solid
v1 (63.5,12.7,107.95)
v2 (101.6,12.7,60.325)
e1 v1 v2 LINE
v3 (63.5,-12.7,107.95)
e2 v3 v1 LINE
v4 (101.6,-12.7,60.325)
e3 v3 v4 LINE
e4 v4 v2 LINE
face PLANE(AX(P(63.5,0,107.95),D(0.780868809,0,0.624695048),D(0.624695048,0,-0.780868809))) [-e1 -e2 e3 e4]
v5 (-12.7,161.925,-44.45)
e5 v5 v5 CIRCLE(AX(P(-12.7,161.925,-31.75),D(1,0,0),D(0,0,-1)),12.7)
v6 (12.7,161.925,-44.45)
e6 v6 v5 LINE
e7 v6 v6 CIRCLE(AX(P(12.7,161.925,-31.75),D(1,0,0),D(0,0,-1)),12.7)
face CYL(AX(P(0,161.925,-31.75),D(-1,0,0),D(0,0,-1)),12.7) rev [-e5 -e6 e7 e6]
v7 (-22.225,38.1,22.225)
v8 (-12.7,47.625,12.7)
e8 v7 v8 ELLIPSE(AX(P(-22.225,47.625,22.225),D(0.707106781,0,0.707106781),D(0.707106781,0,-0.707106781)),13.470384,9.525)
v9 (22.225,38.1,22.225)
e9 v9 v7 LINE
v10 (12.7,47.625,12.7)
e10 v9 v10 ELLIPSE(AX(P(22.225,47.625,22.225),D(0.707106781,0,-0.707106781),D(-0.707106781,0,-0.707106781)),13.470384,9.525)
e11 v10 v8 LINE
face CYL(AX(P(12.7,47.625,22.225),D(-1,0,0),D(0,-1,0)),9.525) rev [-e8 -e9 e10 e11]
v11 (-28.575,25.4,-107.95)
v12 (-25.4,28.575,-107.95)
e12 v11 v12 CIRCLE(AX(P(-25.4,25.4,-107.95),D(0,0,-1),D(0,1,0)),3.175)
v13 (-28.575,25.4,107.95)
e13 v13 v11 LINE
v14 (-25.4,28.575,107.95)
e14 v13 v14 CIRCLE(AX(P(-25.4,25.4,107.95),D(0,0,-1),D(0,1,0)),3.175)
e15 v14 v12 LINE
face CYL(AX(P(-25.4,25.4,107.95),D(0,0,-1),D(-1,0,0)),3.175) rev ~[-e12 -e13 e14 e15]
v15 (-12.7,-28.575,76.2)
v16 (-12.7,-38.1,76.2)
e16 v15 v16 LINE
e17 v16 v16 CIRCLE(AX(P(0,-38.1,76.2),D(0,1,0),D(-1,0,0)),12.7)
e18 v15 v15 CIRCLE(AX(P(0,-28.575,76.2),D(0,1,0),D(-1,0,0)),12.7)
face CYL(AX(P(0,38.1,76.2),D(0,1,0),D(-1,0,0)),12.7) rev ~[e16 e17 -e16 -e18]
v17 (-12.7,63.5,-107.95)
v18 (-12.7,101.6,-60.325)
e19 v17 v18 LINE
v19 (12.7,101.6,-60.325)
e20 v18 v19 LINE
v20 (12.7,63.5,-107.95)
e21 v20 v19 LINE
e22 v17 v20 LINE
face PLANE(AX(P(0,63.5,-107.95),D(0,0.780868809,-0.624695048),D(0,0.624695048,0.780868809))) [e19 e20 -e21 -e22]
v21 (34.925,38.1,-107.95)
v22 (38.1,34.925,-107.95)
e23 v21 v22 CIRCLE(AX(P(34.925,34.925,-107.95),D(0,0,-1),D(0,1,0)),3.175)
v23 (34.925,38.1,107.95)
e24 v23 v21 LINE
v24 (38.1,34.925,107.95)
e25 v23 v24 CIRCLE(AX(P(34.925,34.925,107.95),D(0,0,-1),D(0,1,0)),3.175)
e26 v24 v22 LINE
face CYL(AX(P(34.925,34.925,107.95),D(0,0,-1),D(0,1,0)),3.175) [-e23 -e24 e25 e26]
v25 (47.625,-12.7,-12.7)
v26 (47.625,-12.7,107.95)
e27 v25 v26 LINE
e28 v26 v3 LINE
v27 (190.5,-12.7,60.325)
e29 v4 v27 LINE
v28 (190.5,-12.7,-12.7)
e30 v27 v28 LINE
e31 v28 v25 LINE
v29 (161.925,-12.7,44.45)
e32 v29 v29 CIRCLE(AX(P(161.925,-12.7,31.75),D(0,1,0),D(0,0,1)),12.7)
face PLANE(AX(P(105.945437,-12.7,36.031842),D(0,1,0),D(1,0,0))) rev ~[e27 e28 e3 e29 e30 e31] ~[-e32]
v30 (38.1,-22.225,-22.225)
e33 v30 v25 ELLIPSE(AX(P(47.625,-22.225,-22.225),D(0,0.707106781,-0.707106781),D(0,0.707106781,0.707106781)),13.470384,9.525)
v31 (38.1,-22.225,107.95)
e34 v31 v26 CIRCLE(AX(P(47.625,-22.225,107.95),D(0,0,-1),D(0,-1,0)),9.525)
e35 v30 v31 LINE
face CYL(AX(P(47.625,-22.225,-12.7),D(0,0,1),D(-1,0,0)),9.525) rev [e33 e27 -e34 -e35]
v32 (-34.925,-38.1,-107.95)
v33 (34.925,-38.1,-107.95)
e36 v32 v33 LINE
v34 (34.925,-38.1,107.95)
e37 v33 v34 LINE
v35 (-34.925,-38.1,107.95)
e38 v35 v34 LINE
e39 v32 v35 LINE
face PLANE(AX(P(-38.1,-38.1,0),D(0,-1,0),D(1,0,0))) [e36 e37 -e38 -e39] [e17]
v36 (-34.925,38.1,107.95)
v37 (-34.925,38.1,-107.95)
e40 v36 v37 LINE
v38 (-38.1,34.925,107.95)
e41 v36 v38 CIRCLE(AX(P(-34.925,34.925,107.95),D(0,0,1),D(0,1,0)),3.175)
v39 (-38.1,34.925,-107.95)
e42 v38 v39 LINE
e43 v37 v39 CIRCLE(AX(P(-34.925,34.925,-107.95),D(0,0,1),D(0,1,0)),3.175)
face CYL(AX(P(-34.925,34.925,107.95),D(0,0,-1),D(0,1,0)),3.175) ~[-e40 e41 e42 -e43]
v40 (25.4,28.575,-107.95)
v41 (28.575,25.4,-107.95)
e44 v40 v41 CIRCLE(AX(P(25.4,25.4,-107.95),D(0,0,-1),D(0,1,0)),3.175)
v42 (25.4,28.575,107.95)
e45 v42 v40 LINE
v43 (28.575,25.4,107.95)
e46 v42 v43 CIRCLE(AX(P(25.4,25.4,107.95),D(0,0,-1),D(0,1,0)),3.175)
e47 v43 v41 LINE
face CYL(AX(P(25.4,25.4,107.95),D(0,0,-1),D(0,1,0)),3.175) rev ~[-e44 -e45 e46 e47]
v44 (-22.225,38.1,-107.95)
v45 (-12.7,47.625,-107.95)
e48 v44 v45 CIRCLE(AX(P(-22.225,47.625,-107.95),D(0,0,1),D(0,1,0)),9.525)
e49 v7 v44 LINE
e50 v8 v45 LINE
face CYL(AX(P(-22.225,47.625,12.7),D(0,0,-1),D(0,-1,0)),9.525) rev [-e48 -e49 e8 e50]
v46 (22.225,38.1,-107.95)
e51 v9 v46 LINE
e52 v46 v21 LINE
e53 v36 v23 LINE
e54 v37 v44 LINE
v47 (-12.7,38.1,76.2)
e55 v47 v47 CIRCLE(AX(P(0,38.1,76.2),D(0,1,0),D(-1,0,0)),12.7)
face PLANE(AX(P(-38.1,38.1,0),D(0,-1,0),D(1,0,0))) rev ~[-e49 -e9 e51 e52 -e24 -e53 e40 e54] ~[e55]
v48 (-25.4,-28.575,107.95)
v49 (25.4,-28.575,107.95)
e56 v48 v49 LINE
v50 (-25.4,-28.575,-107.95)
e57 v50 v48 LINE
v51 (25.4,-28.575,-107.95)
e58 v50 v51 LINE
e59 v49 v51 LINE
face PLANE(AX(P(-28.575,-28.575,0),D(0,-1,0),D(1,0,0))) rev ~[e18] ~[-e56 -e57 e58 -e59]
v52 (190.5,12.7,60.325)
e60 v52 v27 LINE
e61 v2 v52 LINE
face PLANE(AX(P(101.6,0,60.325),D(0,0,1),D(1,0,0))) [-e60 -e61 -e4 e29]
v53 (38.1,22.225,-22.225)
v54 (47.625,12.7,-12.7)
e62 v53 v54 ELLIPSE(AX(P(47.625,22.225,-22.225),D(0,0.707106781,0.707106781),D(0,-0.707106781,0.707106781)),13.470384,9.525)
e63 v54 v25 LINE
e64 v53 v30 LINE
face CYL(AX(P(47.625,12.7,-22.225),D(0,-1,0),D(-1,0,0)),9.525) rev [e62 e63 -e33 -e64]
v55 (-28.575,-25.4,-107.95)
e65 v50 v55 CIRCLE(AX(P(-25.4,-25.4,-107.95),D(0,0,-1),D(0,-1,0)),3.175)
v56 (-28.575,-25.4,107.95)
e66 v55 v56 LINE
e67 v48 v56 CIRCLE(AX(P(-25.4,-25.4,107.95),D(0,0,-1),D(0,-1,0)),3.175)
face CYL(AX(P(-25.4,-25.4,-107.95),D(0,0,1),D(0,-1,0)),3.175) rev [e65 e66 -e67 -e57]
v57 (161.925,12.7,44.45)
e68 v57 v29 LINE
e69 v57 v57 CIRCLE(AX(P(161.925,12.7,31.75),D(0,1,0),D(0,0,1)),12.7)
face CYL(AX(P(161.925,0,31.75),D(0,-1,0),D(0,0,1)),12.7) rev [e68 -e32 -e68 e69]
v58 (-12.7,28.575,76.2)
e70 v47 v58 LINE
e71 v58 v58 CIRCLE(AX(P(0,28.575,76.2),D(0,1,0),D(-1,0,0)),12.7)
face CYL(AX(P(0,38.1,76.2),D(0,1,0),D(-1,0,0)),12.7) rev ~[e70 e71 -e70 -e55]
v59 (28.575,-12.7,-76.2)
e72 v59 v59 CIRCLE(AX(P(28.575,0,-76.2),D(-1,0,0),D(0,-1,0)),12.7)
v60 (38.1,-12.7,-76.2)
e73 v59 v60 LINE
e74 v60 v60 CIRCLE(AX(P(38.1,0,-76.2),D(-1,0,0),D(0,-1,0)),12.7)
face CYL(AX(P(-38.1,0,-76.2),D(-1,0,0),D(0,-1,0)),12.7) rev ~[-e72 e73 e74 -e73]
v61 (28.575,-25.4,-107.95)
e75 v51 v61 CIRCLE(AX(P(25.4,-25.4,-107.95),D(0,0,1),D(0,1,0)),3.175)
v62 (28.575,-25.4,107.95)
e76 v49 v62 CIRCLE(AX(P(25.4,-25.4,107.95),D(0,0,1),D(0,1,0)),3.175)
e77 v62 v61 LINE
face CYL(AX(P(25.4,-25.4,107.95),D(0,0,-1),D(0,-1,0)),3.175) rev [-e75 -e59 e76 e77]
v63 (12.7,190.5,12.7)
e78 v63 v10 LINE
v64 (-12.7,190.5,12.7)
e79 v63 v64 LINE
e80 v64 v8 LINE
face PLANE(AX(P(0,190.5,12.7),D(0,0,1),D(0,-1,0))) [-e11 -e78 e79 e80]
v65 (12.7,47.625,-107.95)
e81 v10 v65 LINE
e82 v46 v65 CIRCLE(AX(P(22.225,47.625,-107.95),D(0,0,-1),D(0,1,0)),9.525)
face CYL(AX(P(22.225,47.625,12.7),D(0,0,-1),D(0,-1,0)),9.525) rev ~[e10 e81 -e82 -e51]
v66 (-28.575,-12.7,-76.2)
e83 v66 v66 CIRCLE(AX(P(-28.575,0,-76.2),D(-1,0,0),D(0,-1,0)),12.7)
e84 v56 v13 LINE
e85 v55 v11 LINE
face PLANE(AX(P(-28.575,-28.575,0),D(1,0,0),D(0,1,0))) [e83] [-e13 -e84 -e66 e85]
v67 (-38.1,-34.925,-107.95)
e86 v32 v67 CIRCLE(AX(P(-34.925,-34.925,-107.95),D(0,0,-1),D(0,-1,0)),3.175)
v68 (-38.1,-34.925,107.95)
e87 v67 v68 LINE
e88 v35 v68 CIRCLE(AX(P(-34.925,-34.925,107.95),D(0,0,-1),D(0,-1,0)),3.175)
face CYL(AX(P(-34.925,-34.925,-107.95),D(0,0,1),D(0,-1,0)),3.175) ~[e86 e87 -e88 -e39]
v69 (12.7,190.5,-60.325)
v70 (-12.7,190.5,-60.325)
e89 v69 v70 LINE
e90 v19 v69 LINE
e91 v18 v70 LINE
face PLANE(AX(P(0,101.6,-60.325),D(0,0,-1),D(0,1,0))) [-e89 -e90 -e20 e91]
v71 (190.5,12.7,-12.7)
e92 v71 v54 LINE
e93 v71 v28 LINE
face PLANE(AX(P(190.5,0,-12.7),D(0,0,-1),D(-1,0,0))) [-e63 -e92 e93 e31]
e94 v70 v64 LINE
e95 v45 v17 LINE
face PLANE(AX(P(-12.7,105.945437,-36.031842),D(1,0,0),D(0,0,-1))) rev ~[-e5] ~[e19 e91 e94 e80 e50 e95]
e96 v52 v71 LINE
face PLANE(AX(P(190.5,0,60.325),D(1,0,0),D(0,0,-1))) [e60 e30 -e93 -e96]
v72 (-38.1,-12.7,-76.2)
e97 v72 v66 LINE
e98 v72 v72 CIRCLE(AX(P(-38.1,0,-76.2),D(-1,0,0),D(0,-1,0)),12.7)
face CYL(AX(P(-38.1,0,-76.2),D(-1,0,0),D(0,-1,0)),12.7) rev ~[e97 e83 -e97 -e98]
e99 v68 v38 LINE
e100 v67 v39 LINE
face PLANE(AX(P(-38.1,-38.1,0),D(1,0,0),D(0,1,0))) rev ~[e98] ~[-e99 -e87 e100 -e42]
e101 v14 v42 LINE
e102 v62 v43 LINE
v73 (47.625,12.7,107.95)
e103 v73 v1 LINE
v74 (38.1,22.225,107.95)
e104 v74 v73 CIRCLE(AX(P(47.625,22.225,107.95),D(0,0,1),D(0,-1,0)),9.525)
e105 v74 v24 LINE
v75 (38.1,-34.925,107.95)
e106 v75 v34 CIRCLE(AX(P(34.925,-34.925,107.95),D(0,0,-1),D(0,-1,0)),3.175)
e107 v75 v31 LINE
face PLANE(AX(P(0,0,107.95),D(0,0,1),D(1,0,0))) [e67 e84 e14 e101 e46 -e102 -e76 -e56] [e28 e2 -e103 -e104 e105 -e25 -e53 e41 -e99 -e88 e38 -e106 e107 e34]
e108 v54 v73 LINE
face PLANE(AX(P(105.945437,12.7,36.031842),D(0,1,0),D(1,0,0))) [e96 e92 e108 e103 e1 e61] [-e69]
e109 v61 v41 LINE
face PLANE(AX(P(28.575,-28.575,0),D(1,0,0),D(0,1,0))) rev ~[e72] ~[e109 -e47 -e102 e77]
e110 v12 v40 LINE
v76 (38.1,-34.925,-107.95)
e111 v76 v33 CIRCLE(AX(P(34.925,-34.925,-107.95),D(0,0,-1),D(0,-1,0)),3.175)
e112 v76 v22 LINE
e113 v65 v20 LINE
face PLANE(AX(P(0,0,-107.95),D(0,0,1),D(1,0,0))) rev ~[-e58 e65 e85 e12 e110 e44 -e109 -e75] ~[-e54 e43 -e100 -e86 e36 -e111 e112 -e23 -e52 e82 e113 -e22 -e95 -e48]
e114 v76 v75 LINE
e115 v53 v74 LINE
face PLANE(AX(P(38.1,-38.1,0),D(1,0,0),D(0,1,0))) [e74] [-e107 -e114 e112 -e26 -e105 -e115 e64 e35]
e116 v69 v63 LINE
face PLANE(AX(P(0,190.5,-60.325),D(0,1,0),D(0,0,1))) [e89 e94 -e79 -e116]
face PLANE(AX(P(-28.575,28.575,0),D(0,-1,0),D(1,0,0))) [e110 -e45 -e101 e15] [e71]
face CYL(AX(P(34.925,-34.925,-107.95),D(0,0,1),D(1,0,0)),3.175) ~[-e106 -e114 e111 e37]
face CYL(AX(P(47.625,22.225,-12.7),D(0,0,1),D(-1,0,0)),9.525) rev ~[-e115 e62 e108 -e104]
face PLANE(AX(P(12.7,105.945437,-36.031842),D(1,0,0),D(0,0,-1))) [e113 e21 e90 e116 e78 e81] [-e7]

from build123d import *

# Parameters (mm, degrees)
SKETCH1_W          = 76.2
SKETCH1_H          = 76.2
SKETCH1_W_2        = 57.15
SKETCH1_H_2        = 57.15
EXTRUDE1_DEPTH     = 107.95
SKETCH2_R          = 12.7
CUT_EXTRUDE1_DEPTH = 138.518189706
SKETCH3_R          = 12.7
CUT_EXTRUDE2_DEPTH = 138.518189706
SKETCH4_R          = 12.7
EXTRUDE2_DEPTH     = 12.7
SKETCH5_R          = 12.7
EXTRUDE3_DEPTH     = 12.7
FILLET1_R          = 9.525
FILLET2_R          = 3.175


with BuildPart() as part:
    # Sketch1 → Extrude1 (new, symmetric)
    with BuildSketch(Plane.XY):
        Rectangle(SKETCH1_W, SKETCH1_H)
        Rectangle(SKETCH1_W_2, SKETCH1_H_2, mode=Mode.SUBTRACT)
    extrude(amount=EXTRUDE1_DEPTH, both=True)

    # Sketch2 → Cut-Extrude1 (cut, through all)
    with BuildSketch(Plane(origin=(0, 38.1, 0), x_dir=(-1, 0, 0), z_dir=(0, 1, 0))):
        with Locations((0, 76.2)):
            Circle(SKETCH2_R)
    extrude(amount=-CUT_EXTRUDE1_DEPTH, mode=Mode.SUBTRACT)

    # Sketch3 → Cut-Extrude2 (cut, through all)
    with BuildSketch(Plane.ZY.offset(38.1)):
        with Locations(Location((-76.2, 0, 0), (0, 0, 270))):
            Circle(SKETCH3_R)
    extrude(amount=-CUT_EXTRUDE2_DEPTH, mode=Mode.SUBTRACT)

    # Sketch4 → Extrude2 (add, symmetric)
    with BuildSketch(Plane(origin=(0, 0, 0), x_dir=(0, 0, -1), z_dir=(1, 0, 0))):
        Polygon((-12.7, 38.1), (107.95, 38.1), (107.95, 63.5), (60.325, 101.6), (60.325, 190.5), (-12.7, 190.5), align=None)
        with Locations((31.75, 161.925)):
            Circle(SKETCH4_R, mode=Mode.SUBTRACT)
    extrude(amount=EXTRUDE2_DEPTH, both=True)

    # Sketch5 → Extrude3 (add, symmetric)
    with BuildSketch(Plane(origin=(0, 0, 0), x_dir=(1, 0, 0), z_dir=(0, 1, 0))):
        Polygon((38.1, 12.7), (38.1, -107.95), (63.5, -107.95), (101.6, -60.325), (190.5, -60.325), (190.5, 12.7), align=None)
        with Locations(Location((161.925, -31.75, 0), (0, 0, 270))):
            Circle(SKETCH5_R, mode=Mode.SUBTRACT)
    extrude(amount=EXTRUDE3_DEPTH, both=True)

    # Fillet1
    fillet1_edges = [part.edges().sort_by_distance(p)[0] for p in [
        (12.7, 38.1, -47.625),
        (-12.7, 38.1, -47.625),
        (0, 38.1, 12.7),
        (38.1, 12.7, 47.625),
        (38.1, -12.7, 47.625),
        (38.1, 0, -12.7),
    ]]
    fillet(fillet1_edges, radius=FILLET1_R)

    # Fillet2
    fillet2_edges = [part.edges().sort_by_distance(p)[0] for p in [
        (-28.575, 28.575, 0),
        (-28.575, -28.575, 0),
        (28.575, -28.575, 0),
        (28.575, 28.575, 0),
        (-38.1, 38.1, 0),
        (38.1, 38.1, 0),
        (38.1, -38.1, 0),
        (-38.1, -38.1, 0),
    ]]
    fillet(fillet2_edges, radius=FILLET2_R)


solid = part.part
